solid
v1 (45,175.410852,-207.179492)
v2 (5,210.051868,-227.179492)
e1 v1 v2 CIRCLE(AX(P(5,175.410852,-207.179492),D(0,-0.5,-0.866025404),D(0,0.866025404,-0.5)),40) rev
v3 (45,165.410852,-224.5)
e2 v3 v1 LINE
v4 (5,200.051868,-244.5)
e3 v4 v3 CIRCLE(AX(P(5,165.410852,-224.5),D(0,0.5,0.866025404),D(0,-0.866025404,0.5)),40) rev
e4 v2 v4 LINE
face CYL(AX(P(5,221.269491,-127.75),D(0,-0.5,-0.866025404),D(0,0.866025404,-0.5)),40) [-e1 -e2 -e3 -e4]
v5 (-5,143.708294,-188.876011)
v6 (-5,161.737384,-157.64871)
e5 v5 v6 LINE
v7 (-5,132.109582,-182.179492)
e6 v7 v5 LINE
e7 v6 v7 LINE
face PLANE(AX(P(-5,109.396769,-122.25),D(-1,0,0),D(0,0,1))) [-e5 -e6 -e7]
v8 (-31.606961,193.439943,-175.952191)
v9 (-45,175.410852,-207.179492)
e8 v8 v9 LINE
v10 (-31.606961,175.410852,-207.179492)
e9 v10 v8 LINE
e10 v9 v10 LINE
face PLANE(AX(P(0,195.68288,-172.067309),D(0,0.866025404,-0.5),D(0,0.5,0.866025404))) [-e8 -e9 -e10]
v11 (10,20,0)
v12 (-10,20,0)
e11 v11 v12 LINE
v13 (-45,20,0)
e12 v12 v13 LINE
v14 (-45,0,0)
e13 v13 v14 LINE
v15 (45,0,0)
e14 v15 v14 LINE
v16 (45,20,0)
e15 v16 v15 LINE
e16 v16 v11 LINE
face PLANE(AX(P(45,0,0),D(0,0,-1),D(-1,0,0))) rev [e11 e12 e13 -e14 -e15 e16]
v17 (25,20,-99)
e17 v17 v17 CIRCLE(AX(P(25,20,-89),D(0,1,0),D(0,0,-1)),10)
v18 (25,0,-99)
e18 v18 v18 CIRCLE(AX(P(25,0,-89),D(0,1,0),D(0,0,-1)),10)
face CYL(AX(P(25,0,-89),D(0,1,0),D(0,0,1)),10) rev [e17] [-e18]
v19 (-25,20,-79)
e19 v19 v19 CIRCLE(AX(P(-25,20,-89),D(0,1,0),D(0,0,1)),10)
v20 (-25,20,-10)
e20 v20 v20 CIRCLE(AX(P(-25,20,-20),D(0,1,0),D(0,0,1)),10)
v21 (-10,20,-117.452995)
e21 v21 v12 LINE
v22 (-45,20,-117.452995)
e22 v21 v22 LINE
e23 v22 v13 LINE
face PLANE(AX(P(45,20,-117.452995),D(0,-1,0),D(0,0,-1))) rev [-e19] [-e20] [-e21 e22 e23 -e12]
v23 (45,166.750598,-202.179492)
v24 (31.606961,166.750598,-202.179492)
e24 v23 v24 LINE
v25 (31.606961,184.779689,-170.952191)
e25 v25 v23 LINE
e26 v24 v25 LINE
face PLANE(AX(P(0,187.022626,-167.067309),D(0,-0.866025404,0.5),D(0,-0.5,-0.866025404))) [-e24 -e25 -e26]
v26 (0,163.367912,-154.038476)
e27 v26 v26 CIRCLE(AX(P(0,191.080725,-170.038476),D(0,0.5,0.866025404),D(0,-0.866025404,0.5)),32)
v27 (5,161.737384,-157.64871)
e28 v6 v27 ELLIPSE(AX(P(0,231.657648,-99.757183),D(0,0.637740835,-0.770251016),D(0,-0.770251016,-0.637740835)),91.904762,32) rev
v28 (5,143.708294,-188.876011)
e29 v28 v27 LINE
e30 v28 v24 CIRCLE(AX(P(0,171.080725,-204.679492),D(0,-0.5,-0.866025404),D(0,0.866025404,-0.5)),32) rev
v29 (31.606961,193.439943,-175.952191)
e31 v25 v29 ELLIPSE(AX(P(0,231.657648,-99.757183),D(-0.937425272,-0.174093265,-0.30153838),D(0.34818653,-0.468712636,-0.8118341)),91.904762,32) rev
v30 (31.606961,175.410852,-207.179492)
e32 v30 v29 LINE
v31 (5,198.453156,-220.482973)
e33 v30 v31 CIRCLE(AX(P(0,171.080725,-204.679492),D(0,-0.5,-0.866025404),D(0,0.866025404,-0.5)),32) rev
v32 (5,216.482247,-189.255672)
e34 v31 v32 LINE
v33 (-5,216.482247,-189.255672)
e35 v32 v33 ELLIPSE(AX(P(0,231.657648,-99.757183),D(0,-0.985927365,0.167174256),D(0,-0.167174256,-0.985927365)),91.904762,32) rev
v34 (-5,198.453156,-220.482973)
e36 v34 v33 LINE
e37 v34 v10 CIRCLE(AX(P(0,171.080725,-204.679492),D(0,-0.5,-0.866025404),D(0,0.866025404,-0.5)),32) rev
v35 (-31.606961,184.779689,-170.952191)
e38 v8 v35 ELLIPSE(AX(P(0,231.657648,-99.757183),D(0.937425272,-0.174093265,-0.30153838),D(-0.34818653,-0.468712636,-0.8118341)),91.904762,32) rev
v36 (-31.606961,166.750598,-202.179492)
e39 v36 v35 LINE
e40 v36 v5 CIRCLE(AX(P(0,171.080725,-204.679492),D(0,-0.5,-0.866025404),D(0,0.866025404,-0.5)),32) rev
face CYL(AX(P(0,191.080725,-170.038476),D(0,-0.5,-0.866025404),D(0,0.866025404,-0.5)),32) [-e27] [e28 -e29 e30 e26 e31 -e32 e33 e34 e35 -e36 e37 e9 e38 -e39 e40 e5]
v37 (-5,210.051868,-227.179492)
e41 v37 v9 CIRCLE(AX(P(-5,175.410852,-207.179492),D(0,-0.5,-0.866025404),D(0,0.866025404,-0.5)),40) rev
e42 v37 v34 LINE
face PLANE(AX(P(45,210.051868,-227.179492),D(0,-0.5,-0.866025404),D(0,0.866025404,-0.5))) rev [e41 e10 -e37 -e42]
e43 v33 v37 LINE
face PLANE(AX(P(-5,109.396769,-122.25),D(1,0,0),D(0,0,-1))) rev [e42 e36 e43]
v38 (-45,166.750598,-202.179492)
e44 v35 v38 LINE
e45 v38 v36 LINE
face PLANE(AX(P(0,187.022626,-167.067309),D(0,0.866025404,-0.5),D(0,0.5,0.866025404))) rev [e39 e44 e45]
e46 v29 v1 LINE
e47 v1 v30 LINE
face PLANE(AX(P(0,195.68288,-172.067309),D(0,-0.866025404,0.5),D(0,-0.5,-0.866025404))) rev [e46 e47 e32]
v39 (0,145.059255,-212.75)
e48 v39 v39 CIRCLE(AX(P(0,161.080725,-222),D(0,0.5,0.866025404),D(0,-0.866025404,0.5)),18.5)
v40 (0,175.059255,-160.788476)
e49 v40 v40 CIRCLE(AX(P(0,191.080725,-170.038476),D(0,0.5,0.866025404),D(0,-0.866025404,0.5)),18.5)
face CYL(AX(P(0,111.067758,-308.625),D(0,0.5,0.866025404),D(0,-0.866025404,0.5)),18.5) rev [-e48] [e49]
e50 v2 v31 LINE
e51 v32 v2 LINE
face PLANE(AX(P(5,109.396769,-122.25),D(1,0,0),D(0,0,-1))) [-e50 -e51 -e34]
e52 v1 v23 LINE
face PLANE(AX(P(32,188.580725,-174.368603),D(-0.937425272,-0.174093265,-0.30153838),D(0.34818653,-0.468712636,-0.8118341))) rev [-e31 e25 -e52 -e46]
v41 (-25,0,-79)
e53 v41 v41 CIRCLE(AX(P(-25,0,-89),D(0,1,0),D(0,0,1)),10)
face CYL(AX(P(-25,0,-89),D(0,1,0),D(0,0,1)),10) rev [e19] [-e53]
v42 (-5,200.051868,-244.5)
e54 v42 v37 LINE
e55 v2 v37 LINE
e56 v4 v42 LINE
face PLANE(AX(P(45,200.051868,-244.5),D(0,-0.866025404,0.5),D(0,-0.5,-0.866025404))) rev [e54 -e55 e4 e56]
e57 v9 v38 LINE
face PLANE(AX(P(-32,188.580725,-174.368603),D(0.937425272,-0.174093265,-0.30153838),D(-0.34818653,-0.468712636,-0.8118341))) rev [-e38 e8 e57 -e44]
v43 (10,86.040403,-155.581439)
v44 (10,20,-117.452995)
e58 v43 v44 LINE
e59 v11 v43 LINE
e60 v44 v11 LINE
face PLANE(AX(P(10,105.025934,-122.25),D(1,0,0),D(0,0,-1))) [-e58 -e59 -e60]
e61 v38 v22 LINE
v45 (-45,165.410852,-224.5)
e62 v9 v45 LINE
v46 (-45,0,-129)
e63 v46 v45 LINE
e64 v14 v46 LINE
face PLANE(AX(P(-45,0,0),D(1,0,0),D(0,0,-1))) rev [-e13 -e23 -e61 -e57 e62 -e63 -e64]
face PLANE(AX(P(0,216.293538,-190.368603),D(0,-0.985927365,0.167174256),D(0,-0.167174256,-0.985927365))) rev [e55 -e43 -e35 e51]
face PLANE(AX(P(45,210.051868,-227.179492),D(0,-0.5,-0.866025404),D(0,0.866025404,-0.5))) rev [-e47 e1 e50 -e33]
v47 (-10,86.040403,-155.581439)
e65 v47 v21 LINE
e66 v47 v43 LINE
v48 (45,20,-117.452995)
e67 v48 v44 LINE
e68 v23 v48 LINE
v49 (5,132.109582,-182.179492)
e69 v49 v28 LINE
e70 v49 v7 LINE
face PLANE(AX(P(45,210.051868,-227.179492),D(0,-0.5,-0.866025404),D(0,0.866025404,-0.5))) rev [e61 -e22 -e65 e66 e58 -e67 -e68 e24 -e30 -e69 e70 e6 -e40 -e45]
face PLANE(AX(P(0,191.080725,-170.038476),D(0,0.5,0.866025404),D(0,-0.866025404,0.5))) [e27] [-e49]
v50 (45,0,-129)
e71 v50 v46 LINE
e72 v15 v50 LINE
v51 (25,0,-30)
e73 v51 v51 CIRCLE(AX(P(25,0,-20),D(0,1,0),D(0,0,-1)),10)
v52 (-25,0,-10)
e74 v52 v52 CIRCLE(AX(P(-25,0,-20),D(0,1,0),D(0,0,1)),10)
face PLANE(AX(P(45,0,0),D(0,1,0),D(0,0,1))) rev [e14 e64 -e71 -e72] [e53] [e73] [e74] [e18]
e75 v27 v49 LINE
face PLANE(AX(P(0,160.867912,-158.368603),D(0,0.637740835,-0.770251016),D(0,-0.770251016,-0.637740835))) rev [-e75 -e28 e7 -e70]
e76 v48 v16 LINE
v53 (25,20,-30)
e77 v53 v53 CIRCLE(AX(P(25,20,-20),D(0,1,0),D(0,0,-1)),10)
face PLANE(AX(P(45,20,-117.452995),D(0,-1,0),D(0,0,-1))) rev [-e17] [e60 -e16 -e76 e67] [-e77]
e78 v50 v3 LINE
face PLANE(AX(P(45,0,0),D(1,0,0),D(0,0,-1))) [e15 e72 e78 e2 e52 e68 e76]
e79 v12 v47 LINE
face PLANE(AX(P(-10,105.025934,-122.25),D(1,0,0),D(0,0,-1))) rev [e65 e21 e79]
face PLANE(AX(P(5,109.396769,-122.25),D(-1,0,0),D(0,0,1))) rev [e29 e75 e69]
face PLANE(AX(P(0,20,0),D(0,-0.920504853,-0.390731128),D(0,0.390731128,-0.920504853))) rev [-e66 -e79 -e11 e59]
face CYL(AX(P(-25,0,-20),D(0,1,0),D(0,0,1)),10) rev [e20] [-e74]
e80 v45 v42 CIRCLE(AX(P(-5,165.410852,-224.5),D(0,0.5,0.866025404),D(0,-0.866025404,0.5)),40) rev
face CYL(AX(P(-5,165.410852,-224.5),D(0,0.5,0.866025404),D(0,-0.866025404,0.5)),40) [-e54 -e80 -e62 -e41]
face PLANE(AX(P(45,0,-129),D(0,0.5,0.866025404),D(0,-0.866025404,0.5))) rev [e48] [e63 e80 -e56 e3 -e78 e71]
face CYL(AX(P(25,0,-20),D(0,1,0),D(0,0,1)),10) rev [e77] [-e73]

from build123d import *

# Parameters (mm, degrees)
BOSS_EXTRUDE1_DEPTH = 45
RIB1_REACH          = 327.464
SKETCH2_WALL_W      = 821.946192972
SKETCH2_WALL_H      = 20
SKETCH3_R           = 10
CUT_EXTRUDE1_DEPTH  = 313.929644864
FILLET1_R           = 40
SKETCH5_R           = 32
BOSS_EXTRUDE2_DEPTH = 40
SKETCH6_R           = 18.5
CUT_EXTRUDE2_DEPTH  = 320.005298403
RIB2_REACH          = 333.173
SKETCH7_WALL_W      = 701.683234458
SKETCH7_WALL_H      = 10
CIRPATTERN1_COUNT   = 4


with BuildPart() as part:
    # Sketch1 → Boss-Extrude1 (new, symmetric)
    with BuildSketch(Plane(origin=(0, 0, 0), x_dir=(0, 0, -1), z_dir=(1, 0, 0))):
        Polygon((0, 0), (129, 0), (244.5, 200.051868274), (227.179491924, 210.051868274), (117.452994616, 20), (0, 20), align=None)
    extrude(amount=BOSS_EXTRUDE1_DEPTH, both=True)

    # Sketch2 wall → Rib1 (add, up to next)
    with BuildSketch(Plane(origin=(0, 53.020201337, -77.790719439), x_dir=(0, 0.39073112849, -0.920504853452), z_dir=(0, 0.920504853452, 0.39073112849)), mode=Mode.PRIVATE) as rib1_sk1:
        Rectangle(SKETCH2_WALL_W, SKETCH2_WALL_H)
    rib1_tool1 = extrude(rib1_sk1.sketch, amount=-RIB1_REACH, mode=Mode.PRIVATE) - part.part
    add(rib1_tool1.solids().sort_by_distance((0, 53.020201337, -77.790719439))[0])

    # Sketch3 → Cut-Extrude1 (cut, through all)
    with BuildSketch(Plane(origin=(0, 20, 0), x_dir=(1, 0, 0), z_dir=(0, 1, 0))):
        with Locations(Location((-25, 20, 0), (0, 0, 270))):
            Circle(SKETCH3_R)
        with Locations(Location((-25, 89, 0), (0, 0, 270))):
            Circle(SKETCH3_R)
        with Locations(Location((25, 20, 0), (0, 0, 90))):
            Circle(SKETCH3_R)
        with Locations(Location((25, 89, 0), (0, 0, 90))):
            Circle(SKETCH3_R)
    extrude(amount=-CUT_EXTRUDE1_DEPTH, mode=Mode.SUBTRACT)

    # Fillet1
    fillet1_edges = [part.edges().sort_by_distance(p)[0] for p in [
        (45, 205.051868274, -235.839745962),
        (-45, 205.051868274, -235.839745962),
    ]]
    fillet(fillet1_edges, radius=FILLET1_R)

    # Sketch5 → Boss-Extrude2 (add)
    with BuildSketch(Plane(origin=(0, -45.858638544, -79.429491924), x_dir=(1, 0, 0), z_dir=(0, 0.49999999999999756, 0.86602540378444))):
        with Locations(Location((0, 250.5, 0), (0, 0, 90))):
            Circle(SKETCH5_R)
    extrude(amount=BOSS_EXTRUDE2_DEPTH)

    # Sketch6 → Cut-Extrude2 (cut, through all)
    with BuildSketch(Plane(origin=(0, -25.858638544, -44.788475773), x_dir=(1, 0, 0), z_dir=(0, 0.49999999999999756, 0.86602540378444))):
        with Locations(Location((0, 250.5, 0), (0, 0, 270))):
            Circle(SKETCH6_R)
    extrude(amount=-CUT_EXTRUDE2_DEPTH, mode=Mode.SUBTRACT)

    # Sketch7 wall → Rib2 (add, up to next)
    with BuildSketch(Plane(origin=(0, 213.172703149, -208.774047358), x_dir=(0, -0.16717425612, -0.985927364511), z_dir=(0, 0.985927364511, -0.16717425612)), mode=Mode.PRIVATE) as rib2_sk1:
        Rectangle(SKETCH7_WALL_W, SKETCH7_WALL_H)
    rib2_tool1 = extrude(rib2_sk1.sketch, amount=-RIB2_REACH, mode=Mode.PRIVATE) - part.part
    rib2 = rib2_tool1.solids().sort_by_distance((0, 213.172703149, -208.774047358))[0]
    add(rib2)

    # CirPattern1: Rib2 ×4 about axis
    cirpattern1_axis = Axis((0, 216.939363648, -125.25), (0, 0.49999999999999745, 0.8660254037844402))
    for i in range(1, CIRPATTERN1_COUNT):
        add(rib2.rotate(cirpattern1_axis, i * 360 / CIRPATTERN1_COUNT))


solid = part.part
